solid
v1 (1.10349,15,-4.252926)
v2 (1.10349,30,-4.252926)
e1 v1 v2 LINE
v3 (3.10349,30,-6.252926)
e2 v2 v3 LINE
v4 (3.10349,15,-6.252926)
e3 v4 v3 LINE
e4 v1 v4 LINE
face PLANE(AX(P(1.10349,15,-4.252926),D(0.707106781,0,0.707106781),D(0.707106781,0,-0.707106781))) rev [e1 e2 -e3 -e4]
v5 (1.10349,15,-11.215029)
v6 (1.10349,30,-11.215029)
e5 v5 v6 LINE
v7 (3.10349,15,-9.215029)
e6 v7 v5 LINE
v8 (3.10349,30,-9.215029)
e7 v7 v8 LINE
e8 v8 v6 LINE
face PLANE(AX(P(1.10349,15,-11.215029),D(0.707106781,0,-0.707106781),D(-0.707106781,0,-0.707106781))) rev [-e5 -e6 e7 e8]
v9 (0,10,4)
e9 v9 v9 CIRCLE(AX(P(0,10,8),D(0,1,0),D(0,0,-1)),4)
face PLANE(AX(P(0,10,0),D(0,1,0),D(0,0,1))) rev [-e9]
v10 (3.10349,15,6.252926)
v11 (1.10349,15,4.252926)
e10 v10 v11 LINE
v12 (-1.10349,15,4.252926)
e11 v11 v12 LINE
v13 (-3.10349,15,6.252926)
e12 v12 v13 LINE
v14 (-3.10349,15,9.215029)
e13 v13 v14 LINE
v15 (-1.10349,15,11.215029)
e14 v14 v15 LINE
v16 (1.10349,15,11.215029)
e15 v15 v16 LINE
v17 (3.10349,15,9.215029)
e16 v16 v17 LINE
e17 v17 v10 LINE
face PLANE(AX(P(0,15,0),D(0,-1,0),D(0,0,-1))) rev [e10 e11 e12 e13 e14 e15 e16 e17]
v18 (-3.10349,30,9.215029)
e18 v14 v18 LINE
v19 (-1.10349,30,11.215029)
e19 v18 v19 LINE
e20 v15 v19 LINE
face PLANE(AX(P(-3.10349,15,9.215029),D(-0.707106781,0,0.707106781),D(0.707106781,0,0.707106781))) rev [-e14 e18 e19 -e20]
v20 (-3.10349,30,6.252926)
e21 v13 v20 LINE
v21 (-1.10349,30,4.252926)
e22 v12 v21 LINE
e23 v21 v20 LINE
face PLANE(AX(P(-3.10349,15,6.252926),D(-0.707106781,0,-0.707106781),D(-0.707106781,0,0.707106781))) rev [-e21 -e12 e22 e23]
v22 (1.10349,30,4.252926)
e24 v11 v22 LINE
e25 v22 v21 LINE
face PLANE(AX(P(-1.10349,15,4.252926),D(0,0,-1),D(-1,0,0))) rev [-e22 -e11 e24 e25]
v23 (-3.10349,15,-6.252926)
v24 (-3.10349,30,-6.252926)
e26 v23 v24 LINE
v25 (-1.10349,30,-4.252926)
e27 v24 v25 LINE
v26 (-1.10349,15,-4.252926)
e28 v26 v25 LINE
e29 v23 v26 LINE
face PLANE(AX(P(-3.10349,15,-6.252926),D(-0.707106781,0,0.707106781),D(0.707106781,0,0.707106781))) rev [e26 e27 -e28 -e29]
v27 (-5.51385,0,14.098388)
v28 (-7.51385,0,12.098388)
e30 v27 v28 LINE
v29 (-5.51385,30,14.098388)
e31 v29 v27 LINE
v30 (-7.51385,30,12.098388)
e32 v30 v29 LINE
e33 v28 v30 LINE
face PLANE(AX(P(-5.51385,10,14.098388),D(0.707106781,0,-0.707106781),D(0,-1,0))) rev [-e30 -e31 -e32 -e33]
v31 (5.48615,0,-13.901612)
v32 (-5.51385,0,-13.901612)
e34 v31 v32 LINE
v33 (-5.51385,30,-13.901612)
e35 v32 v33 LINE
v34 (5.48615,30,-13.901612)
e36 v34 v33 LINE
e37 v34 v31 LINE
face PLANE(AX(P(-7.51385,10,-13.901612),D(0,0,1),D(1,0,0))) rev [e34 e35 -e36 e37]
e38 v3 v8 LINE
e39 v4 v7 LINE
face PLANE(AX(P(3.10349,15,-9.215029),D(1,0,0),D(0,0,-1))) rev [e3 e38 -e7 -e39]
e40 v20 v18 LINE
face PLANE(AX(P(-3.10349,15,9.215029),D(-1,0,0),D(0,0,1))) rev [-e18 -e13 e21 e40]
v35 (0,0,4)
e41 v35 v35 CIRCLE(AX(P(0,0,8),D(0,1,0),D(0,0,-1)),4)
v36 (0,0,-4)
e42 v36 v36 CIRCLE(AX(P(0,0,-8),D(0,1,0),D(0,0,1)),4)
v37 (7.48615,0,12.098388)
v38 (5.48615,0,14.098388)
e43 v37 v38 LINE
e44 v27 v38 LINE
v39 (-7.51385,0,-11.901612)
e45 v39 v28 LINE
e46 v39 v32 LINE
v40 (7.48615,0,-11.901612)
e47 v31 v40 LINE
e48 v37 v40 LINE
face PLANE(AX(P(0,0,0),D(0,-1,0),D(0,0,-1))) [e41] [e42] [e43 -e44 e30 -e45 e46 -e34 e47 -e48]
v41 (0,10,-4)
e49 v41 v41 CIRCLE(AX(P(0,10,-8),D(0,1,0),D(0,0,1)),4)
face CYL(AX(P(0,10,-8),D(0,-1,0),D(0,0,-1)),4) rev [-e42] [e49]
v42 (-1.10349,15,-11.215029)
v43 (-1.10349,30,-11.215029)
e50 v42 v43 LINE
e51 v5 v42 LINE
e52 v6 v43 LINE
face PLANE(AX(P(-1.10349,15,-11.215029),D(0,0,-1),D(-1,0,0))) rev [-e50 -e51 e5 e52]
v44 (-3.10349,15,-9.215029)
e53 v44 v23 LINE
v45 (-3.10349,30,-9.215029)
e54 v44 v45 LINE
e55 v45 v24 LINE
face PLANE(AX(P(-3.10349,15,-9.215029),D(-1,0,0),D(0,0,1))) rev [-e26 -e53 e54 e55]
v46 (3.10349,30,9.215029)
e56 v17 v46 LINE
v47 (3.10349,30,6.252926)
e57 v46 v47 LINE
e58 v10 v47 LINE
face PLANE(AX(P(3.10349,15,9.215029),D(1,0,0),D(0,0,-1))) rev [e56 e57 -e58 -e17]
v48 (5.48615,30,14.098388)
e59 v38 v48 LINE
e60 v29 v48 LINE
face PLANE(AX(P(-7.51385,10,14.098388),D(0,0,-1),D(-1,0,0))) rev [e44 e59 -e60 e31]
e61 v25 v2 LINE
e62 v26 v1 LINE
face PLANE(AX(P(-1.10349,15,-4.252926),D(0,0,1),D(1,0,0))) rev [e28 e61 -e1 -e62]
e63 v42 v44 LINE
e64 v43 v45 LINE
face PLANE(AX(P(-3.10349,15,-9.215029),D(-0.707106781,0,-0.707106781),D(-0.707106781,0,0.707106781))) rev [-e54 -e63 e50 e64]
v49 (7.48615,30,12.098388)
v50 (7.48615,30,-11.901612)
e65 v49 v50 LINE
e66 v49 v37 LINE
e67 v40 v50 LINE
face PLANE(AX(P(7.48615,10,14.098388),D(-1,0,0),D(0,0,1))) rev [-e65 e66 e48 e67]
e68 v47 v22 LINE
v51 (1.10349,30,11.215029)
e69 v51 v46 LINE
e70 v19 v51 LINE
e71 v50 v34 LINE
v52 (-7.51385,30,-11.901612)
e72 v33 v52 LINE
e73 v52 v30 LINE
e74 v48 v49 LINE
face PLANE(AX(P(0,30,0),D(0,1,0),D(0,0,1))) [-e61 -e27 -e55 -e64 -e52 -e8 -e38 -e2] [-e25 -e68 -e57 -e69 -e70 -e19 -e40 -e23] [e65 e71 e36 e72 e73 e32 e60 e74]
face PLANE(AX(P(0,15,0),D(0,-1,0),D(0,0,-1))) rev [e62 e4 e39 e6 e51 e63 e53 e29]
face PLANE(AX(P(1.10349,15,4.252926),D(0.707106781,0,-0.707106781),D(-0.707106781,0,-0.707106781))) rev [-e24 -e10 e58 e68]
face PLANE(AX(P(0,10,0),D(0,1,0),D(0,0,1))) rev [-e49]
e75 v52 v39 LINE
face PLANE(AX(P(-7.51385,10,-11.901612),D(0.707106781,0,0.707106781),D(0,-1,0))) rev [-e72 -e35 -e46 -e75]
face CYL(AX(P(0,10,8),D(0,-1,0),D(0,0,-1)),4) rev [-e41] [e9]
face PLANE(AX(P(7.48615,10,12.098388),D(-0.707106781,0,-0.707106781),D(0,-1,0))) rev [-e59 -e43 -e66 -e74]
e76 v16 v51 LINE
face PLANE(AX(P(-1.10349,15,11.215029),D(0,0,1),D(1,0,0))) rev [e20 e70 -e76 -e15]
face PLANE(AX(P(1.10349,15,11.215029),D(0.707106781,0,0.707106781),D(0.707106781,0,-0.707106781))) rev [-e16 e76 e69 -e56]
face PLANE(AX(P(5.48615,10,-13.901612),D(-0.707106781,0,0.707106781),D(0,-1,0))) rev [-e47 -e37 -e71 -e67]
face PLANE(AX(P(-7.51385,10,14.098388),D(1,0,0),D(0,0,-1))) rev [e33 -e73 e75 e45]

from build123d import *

# Parameters (mm, degrees)
SKETCH1_W           = 15
SKETCH1_H           = 28
SKETCH1_R           = 4
BOSS_EXTRUDE1_DEPTH = 10
SKETCH2_W           = 15
SKETCH2_H           = 28
BOSS_EXTRUDE2_DEPTH = 20
CUT_EXTRUDE1_DEPTH  = 15
CHAMFER1_SIZE       = 2


with BuildPart() as part:
    # Sketch1 → Boss-Extrude1 (new body)
    with BuildSketch(Plane(origin=(0, 0, 0), x_dir=(1, 0, 0), z_dir=(0, 1, 0))):
        with Locations((-0.01385015, -0.098387905)):
            Rectangle(SKETCH1_W, SKETCH1_H)
        with Locations(Location((0, 8, 0), (0, 0, 270))):
            Circle(SKETCH1_R, mode=Mode.SUBTRACT)
        with Locations(Location((0, -8, 0), (0, 0, 90))):
            Circle(SKETCH1_R, mode=Mode.SUBTRACT)
    extrude(amount=BOSS_EXTRUDE1_DEPTH)

    # Sketch2 → Boss-Extrude2 (add)
    with BuildSketch(Plane(origin=(0, 10, 0), x_dir=(1, 0, 0), z_dir=(0, 1, 0))):
        with Locations((-0.01385015, -0.098387905)):
            Rectangle(SKETCH2_W, SKETCH2_H)
    extrude(amount=BOSS_EXTRUDE2_DEPTH)

    # Sketch3 → Cut-Extrude1 (cut)
    with BuildSketch(Plane(origin=(0, 30, 0), x_dir=(1, 0, 0), z_dir=(0, 1, 0))):
        Polygon((-3.103489636, 9.215029418), (-1.103489636, 11.215029418), (1.103489636, 11.215029418), (3.103489636, 9.215029418), (3.103489636, 6.25292645), (1.103489636, 4.25292645), (-1.103489636, 4.25292645), (-3.103489636, 6.25292645), align=None)
        Polygon((-1.103489636, -4.25292645), (1.103489636, -4.25292645), (3.103489636, -6.25292645), (3.103489636, -9.215029418), (1.103489636, -11.215029418), (-1.103489636, -11.215029418), (-3.103489636, -9.215029418), (-3.103489636, -6.25292645), align=None)
    extrude(amount=-CUT_EXTRUDE1_DEPTH, mode=Mode.SUBTRACT)

    # Chamfer1
    chamfer1_edges = [part.edges().sort_by_distance(p)[0] for p in [
        (7.48614985, 15, 14.098387905),
        (-7.51385015, 15, 14.098387905),
        (-7.51385015, 15, -13.901612095),
        (7.48614985, 15, -13.901612095),
    ]]
    chamfer(chamfer1_edges, length=CHAMFER1_SIZE)


solid = part.part
